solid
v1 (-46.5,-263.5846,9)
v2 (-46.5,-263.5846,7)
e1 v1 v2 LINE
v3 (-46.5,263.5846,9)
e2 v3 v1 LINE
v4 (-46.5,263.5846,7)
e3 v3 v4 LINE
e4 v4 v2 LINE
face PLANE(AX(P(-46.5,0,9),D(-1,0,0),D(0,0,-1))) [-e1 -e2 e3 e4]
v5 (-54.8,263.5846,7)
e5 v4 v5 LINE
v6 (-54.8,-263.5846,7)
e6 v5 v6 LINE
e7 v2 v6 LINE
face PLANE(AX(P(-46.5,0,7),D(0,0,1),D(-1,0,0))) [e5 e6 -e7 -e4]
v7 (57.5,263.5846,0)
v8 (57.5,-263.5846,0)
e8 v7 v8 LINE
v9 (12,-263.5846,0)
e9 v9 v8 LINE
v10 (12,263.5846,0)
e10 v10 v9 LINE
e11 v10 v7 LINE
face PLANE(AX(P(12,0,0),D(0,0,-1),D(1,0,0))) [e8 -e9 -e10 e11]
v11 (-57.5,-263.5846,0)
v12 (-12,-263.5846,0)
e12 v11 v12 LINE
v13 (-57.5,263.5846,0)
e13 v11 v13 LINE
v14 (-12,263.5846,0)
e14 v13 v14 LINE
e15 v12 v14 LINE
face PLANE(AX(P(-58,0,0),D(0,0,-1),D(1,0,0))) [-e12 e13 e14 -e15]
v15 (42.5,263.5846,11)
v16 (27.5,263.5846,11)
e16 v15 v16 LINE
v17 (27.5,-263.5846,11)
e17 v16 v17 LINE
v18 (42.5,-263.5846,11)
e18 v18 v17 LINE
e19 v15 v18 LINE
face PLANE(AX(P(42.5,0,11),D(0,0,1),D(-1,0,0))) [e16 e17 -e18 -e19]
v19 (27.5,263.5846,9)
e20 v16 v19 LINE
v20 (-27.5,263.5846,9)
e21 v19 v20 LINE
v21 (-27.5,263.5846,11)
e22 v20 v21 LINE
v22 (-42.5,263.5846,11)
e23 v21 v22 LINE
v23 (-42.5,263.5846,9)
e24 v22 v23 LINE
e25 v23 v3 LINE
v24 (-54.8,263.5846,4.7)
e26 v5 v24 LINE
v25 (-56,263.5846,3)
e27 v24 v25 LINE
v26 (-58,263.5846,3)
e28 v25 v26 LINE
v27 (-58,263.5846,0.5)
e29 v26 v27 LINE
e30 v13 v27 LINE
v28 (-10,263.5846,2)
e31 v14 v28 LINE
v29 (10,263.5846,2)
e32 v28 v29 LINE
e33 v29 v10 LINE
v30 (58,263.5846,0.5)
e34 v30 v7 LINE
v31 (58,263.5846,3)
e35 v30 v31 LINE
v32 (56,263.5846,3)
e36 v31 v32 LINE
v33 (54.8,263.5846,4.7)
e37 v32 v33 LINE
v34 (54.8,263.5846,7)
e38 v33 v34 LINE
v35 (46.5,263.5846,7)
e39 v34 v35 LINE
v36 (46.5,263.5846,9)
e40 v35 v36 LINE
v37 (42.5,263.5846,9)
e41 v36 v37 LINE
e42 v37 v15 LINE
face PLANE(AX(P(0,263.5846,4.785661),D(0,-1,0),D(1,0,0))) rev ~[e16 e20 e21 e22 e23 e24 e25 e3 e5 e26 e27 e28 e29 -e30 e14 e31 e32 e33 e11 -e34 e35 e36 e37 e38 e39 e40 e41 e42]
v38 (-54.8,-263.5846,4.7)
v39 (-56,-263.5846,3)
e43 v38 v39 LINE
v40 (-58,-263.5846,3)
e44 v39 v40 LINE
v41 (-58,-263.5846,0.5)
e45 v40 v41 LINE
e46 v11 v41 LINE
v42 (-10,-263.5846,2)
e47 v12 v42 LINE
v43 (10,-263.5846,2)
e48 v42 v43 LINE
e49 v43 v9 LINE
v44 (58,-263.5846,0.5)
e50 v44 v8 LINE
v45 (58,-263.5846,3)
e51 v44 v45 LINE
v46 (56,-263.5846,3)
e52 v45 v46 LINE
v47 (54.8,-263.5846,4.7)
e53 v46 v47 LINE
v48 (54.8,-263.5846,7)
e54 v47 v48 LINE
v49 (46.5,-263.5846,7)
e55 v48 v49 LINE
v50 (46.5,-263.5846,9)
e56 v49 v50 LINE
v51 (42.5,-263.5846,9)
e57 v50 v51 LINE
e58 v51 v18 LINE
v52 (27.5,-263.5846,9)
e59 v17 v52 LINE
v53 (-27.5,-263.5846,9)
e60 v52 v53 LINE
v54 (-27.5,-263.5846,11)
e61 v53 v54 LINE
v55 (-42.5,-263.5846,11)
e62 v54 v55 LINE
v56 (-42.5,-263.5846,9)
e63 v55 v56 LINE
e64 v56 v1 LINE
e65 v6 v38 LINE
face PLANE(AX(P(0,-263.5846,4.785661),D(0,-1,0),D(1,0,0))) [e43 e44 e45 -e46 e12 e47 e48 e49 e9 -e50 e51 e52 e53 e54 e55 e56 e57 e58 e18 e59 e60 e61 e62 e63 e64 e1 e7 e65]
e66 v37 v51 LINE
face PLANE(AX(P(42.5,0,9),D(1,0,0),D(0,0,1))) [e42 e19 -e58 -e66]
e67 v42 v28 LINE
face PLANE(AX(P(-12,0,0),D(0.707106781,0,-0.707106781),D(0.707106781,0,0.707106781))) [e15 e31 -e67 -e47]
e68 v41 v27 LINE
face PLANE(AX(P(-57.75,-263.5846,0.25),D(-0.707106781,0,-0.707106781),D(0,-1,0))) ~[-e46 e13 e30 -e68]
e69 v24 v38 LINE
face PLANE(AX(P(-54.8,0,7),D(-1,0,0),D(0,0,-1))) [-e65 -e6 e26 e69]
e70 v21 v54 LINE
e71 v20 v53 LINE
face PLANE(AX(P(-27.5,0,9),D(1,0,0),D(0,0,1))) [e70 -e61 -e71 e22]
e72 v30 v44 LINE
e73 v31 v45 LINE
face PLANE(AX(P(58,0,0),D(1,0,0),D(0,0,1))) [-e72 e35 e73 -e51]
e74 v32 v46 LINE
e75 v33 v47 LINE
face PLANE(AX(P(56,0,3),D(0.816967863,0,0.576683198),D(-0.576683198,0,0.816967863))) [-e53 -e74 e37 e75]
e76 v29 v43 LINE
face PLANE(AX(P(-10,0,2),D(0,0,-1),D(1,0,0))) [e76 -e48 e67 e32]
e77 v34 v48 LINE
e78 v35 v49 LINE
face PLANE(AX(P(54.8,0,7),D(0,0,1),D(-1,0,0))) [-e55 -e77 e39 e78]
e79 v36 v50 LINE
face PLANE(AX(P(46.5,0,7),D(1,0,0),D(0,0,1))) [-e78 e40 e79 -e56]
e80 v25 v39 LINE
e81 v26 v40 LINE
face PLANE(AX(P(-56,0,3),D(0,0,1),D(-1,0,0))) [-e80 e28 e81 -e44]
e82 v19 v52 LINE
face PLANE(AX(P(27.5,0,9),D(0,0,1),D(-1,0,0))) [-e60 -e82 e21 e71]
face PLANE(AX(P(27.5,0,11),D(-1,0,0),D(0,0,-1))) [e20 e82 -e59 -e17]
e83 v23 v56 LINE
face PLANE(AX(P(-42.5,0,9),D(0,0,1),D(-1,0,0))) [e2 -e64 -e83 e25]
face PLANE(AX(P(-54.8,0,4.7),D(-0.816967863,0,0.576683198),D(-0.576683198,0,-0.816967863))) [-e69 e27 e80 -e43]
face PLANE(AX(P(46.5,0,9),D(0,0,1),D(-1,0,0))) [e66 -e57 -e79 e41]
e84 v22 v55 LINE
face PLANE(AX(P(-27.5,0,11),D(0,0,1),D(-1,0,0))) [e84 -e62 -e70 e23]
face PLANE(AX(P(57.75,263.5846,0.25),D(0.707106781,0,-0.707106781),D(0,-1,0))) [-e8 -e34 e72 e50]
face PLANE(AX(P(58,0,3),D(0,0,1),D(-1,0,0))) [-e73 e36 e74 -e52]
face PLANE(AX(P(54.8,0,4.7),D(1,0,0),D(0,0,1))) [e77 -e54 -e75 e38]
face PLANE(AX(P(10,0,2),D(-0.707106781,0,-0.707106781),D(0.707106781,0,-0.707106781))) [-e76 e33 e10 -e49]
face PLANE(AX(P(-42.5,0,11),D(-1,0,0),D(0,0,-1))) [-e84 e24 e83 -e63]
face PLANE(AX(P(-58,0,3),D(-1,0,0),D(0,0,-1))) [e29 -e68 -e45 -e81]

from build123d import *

# Parameters (mm, degrees)
F1_DEPTH = 263.5846
F2_SIZE  = 0.5


with BuildPart() as f1:
    # F0 (on Front) → F1 (new body, symmetric)
    with BuildSketch(Plane.XZ):
        Polygon((-10, 2), (0, 2), (10, 2), (12, 0), (58, 0), (58, 3), (56, 3), (54.8, 4.7), (54.8, 7), (46.5, 7), (46.5, 9), (42.5, 9), (42.5, 11), (27.5, 11), (27.5, 9), (0, 9), (-27.5, 9), (-27.5, 11), (-42.5, 11), (-42.5, 9), (-46.5, 9), (-46.5, 7), (-54.8, 7), (-54.8, 4.7), (-56, 3), (-58, 3), (-58, 0), (-12, 0), align=None)
    extrude(amount=F1_DEPTH, both=True)

    # F2
    f2_edges = [f1.edges().sort_by_distance(p)[0] for p in [
        (58, 0, 0),
        (-58, 0, 0),
    ]]
    chamfer(f2_edges, length=F2_SIZE)


solid = f1.part
